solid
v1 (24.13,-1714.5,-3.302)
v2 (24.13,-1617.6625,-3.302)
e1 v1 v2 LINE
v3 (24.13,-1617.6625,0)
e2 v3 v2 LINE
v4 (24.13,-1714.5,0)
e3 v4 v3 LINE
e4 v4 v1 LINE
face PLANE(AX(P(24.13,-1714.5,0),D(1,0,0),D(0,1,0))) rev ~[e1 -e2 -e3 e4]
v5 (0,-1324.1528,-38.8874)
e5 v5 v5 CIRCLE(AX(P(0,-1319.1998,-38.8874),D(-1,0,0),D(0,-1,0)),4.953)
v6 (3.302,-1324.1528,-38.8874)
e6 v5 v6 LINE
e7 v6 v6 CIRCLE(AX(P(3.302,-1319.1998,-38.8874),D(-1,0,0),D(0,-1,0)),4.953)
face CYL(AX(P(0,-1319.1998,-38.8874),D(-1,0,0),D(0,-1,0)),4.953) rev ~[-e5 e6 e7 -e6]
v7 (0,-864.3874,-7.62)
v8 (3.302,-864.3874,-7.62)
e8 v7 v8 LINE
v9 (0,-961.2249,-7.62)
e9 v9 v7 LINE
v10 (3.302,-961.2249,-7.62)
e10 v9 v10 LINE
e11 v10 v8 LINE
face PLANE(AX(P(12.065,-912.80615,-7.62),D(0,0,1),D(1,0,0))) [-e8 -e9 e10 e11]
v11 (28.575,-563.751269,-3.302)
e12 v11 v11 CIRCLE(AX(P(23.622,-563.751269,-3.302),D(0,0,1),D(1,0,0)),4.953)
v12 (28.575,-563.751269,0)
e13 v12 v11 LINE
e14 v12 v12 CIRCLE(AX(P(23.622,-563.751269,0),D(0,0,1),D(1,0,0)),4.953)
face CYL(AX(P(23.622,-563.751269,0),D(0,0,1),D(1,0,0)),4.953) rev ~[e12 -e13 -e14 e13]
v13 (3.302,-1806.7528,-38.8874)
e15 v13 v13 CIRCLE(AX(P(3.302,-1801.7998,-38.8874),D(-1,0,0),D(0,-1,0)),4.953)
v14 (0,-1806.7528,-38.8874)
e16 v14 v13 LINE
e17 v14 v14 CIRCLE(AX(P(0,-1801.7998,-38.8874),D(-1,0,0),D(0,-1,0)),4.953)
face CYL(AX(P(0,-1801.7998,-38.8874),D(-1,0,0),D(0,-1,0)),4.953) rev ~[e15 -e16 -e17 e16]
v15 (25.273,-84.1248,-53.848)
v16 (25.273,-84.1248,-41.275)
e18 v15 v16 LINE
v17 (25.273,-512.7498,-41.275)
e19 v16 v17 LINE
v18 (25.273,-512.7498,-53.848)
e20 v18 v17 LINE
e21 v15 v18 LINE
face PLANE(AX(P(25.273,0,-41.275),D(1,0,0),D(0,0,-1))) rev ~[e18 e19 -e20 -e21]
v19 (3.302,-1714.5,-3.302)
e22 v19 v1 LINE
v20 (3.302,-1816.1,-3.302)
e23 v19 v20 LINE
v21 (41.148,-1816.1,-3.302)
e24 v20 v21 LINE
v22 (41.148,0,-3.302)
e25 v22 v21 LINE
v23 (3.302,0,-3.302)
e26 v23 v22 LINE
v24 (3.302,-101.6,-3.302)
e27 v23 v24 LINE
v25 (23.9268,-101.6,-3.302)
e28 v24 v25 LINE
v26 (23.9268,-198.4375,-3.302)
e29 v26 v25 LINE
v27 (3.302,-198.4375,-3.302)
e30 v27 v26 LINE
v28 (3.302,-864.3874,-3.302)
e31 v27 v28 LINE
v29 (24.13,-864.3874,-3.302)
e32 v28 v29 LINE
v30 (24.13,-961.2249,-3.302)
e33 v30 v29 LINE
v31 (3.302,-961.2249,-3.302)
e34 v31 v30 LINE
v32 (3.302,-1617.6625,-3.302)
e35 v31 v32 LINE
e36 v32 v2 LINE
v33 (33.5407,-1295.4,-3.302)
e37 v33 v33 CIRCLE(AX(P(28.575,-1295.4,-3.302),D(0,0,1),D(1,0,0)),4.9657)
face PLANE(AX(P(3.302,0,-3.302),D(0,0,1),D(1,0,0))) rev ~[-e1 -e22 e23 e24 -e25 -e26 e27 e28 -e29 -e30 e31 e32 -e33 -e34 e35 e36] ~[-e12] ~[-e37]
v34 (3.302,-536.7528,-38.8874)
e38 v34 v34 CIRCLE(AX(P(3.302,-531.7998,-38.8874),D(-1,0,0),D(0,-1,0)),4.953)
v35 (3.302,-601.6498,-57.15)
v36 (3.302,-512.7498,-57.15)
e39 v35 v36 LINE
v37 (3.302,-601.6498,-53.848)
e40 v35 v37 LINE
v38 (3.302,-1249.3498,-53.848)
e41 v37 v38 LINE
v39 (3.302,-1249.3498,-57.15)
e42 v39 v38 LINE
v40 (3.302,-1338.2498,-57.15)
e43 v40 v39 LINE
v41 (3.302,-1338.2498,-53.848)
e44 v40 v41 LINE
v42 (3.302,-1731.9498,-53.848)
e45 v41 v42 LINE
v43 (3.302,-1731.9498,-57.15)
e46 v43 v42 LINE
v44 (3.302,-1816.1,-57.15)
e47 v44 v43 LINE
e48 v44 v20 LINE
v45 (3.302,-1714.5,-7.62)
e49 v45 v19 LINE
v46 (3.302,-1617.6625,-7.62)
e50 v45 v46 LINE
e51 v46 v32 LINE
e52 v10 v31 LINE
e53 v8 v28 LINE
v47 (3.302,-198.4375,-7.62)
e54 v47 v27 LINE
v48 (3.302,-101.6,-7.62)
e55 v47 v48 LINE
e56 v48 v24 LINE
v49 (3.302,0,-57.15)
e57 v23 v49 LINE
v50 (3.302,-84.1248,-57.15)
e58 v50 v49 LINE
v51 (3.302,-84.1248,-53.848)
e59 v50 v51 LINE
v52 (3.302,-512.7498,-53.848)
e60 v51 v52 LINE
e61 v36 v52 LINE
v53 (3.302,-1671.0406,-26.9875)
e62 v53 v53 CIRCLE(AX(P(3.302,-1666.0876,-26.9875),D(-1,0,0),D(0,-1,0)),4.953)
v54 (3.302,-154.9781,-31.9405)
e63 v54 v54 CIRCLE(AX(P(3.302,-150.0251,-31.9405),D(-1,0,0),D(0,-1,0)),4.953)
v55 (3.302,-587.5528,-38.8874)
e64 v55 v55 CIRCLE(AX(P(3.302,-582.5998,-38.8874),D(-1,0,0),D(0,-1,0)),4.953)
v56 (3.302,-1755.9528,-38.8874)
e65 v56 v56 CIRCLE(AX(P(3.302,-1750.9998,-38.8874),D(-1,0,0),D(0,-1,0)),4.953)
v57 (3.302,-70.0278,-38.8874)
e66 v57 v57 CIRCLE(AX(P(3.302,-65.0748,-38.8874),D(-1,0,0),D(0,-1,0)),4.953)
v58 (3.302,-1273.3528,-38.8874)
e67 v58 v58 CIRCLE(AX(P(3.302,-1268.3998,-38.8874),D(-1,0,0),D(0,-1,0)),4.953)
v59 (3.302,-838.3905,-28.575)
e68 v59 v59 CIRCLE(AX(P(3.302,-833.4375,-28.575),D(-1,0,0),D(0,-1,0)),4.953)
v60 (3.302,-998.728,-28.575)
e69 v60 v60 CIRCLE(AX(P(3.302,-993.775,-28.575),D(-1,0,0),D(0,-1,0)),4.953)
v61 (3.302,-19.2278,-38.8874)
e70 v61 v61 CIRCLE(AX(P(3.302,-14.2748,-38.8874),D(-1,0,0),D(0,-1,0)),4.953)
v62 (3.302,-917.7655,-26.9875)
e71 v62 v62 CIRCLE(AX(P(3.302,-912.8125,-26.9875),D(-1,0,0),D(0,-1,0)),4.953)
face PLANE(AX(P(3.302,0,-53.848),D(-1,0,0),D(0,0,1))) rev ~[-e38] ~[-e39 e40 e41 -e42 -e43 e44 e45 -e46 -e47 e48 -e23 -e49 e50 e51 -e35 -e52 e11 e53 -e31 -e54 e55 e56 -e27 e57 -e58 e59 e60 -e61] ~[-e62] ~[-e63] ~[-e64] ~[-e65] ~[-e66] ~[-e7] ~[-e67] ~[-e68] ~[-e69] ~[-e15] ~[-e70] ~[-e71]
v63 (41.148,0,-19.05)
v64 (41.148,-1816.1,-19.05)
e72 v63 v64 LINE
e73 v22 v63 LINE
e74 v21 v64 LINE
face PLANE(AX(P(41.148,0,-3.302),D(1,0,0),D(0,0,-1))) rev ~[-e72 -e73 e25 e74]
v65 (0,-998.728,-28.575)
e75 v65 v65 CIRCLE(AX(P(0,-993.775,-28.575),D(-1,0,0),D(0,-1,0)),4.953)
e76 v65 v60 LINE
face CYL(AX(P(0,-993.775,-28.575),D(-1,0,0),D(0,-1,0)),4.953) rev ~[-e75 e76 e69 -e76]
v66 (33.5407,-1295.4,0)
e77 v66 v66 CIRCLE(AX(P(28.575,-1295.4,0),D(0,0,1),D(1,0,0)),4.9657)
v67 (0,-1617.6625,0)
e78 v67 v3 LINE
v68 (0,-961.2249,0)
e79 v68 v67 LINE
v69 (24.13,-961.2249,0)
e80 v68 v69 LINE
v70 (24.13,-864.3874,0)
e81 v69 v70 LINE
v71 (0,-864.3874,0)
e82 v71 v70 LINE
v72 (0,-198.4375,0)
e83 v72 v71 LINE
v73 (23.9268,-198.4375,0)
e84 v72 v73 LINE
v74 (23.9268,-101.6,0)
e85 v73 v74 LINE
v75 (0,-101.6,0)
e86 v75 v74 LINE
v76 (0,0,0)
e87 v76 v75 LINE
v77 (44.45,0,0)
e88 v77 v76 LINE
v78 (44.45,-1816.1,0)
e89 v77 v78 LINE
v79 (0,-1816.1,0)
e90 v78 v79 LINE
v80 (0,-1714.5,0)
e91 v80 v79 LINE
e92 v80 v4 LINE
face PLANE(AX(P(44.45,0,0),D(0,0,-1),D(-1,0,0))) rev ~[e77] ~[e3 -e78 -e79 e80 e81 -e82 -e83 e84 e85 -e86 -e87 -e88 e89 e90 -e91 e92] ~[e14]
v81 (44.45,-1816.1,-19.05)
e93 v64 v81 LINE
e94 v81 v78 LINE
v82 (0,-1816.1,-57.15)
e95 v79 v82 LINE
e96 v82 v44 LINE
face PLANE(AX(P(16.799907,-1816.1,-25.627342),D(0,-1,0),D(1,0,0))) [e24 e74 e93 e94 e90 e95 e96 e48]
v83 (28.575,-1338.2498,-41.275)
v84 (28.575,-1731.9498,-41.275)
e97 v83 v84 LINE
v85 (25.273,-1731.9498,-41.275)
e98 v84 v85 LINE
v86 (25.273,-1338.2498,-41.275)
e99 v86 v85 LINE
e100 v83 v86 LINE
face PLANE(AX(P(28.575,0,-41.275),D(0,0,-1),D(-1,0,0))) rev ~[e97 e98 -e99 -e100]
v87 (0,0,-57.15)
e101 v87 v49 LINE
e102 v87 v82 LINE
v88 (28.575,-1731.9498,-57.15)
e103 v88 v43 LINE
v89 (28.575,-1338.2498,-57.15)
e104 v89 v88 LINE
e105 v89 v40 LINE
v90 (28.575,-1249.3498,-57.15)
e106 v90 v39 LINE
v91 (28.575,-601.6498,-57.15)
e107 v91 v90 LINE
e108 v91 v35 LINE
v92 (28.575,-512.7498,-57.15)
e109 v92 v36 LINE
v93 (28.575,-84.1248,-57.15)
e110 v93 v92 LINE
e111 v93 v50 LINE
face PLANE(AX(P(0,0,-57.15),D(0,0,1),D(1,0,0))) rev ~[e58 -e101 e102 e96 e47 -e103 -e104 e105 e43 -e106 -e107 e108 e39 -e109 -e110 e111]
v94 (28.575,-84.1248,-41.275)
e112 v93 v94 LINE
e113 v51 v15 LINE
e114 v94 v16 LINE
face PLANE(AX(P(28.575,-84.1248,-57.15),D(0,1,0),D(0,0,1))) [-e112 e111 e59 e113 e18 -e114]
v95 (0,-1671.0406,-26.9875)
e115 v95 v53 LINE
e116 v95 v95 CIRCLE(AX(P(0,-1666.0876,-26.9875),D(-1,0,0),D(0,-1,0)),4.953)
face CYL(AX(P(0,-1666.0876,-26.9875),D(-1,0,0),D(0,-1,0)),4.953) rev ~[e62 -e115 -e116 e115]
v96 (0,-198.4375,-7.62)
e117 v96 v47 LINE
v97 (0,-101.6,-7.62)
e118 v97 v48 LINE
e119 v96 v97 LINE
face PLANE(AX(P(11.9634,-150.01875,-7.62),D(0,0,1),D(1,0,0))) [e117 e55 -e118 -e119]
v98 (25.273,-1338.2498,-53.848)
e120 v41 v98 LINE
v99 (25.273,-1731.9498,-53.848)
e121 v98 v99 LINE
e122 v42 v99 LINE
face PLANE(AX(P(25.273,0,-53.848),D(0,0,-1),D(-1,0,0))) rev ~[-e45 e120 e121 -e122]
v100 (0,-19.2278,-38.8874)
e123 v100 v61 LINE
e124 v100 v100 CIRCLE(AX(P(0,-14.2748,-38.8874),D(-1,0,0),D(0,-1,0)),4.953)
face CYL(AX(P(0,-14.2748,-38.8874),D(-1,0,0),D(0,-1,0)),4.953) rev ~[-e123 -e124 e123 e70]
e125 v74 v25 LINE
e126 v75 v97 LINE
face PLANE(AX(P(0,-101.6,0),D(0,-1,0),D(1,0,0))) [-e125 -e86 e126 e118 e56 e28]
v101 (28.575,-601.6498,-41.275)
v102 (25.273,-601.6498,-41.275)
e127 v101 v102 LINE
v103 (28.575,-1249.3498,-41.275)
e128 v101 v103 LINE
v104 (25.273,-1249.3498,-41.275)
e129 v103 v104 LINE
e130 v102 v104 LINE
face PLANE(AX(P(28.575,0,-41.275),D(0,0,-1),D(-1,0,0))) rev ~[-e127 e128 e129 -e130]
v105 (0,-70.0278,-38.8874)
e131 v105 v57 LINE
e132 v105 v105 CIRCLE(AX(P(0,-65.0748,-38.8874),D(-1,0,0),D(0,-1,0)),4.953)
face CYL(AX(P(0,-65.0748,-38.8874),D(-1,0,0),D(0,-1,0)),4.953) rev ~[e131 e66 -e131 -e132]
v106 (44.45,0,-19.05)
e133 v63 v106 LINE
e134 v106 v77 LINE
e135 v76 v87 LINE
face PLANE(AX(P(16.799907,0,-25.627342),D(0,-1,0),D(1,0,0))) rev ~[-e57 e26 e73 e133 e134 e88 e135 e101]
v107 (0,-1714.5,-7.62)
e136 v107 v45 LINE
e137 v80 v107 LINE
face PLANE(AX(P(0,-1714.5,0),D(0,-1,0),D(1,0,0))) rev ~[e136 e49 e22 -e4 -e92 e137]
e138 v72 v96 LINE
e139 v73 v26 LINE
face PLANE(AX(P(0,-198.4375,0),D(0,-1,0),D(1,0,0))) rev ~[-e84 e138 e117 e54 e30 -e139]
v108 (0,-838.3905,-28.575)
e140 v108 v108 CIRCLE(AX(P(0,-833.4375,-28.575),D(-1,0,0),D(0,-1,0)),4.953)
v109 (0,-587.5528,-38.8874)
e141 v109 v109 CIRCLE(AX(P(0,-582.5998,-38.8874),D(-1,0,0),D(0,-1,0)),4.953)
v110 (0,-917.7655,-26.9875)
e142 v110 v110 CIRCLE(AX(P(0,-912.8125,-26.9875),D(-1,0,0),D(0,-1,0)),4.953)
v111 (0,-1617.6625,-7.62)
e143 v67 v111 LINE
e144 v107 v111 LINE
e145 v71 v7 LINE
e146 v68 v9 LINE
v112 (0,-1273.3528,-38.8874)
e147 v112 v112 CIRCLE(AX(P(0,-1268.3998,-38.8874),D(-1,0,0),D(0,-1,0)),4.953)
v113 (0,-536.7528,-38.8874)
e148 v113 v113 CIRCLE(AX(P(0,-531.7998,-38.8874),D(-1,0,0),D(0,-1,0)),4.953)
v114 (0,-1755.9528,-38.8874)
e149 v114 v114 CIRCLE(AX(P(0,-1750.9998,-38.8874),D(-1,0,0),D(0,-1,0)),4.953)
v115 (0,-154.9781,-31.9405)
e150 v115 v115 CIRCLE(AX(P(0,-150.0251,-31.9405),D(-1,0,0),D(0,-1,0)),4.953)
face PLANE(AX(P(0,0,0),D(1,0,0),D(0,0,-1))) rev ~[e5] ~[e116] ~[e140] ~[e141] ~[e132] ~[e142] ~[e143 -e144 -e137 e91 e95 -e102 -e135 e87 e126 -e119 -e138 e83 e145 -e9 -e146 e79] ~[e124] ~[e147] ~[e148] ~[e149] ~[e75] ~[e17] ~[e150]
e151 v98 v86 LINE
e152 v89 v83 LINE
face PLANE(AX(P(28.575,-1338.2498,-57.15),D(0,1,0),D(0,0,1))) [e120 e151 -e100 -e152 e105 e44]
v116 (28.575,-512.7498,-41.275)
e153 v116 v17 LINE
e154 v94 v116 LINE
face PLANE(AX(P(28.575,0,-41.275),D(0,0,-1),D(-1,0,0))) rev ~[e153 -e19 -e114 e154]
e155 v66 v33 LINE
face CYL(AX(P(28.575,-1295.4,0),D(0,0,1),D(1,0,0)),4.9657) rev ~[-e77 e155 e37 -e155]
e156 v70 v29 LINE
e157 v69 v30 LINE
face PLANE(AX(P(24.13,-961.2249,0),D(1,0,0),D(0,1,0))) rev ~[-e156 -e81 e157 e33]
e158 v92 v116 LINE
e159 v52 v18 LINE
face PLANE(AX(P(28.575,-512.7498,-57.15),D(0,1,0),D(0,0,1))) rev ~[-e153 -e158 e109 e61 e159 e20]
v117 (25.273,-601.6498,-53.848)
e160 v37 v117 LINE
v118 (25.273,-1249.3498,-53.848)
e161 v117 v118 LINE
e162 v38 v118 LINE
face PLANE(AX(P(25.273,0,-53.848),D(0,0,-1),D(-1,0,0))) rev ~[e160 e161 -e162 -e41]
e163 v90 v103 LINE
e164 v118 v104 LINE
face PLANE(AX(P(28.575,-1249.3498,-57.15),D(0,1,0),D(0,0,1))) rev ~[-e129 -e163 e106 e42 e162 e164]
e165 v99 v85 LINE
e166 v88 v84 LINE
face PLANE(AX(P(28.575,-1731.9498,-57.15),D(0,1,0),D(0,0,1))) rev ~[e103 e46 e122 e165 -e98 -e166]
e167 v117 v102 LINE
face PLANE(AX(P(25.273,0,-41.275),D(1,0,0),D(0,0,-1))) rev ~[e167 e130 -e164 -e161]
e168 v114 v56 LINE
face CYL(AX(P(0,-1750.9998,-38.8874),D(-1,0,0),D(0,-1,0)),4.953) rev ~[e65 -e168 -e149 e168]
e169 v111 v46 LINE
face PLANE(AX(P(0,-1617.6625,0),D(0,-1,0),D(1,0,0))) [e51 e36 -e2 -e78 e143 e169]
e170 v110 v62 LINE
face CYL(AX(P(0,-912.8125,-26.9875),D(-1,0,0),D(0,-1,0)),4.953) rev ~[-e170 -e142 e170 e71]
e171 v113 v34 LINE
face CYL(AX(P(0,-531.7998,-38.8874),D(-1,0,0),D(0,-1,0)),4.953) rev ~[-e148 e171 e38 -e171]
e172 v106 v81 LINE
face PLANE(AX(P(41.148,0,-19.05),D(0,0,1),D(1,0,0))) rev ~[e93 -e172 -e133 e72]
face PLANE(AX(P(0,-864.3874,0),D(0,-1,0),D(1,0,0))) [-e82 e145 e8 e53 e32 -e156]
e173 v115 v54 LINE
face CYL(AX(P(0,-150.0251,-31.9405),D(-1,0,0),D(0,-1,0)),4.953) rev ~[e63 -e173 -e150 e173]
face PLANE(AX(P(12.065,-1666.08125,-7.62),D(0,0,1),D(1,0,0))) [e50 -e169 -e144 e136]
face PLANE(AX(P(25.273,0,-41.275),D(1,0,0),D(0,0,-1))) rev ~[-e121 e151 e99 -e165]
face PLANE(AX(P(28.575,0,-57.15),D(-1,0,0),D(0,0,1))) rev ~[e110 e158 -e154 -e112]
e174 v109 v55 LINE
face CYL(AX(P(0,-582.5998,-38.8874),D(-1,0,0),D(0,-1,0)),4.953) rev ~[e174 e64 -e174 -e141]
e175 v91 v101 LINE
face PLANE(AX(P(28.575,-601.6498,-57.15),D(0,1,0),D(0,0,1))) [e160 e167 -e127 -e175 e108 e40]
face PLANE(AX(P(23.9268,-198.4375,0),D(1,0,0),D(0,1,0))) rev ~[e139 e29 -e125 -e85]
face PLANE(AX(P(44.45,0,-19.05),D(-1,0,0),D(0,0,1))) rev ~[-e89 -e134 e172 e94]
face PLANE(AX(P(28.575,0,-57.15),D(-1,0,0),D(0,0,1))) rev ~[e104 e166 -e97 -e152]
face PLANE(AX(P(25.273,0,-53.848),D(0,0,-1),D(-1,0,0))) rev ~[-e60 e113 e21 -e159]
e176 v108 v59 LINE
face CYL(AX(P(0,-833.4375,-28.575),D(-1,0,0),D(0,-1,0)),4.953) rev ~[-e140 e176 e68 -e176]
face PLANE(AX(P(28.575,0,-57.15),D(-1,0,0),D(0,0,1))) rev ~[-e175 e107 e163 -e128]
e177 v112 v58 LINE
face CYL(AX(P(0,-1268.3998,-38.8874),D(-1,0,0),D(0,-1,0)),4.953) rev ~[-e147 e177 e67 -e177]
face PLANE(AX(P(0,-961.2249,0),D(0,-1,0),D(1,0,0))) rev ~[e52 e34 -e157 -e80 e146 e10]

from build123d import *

# Parameters (mm, degrees)
F1_DEPTH  = 1816.1
F2_R      = 4.953
F2_R_2    = 4.9657
F3_DEPTH  = 25.4
F4_R      = 4.953
F5_DEPTH  = 25.4
F6_R      = 4.953
F7_DEPTH  = 25.4
F8_W      = 23.9268
F8_H      = 96.8375
F8_W_2    = 24.13
F9_DEPTH  = 7.62
F10_R     = 4.953
F11_DEPTH = 25.4
F12_W     = 84.1502
F12_H     = 15.875
F12_W_2   = 88.9
F12_W_3   = 84.1248
F13_DEPTH = 25.273


with BuildPart() as f1:
    # F0 (on Front) → F1 (new body)
    with BuildSketch(Plane.XZ):
        Polygon((44.45, 0), (0, 0), (0, -57.15), (28.575, -57.15), (28.575, -41.275), (25.273, -41.275), (25.273, -53.848), (3.302, -53.848), (3.302, -3.302), (41.148, -3.302), (41.148, -19.05), (44.45, -19.05), align=None)
    extrude(amount=F1_DEPTH)

    # F2 (on face) → F3 (cut)
    with BuildSketch(Plane.XY):
        with Locations((23.622, -563.751269)):
            Circle(F2_R)
        with Locations((28.575, -1295.4)):
            Circle(F2_R_2)
    extrude(amount=-F3_DEPTH, mode=Mode.SUBTRACT)

    # F4 (on face) → F5 (cut)
    with BuildSketch(Plane(origin=(0, 0, 0), x_dir=(0, -1, 0), z_dir=(-1, 0, 0))):
        with Locations((14.2748, -38.8874)):
            Circle(F4_R)
        with Locations((65.0748, -38.8874)):
            Circle(F4_R)
        with Locations((531.7998, -38.8874)):
            Circle(F4_R)
        with Locations((582.5998, -38.8874)):
            Circle(F4_R)
        with Locations((1268.3998, -38.8874)):
            Circle(F4_R)
        with Locations((1319.1998, -38.8874)):
            Circle(F4_R)
        with Locations((1750.9998, -38.8874)):
            Circle(F4_R)
        with Locations((1801.7998, -38.8874)):
            Circle(F4_R)
    extrude(amount=-F5_DEPTH, mode=Mode.SUBTRACT)

    # F6 (on face) → F7 (cut)
    with BuildSketch(Plane(origin=(0, 0, 0), x_dir=(0, -1, 0), z_dir=(-1, 0, 0))):
        with Locations((833.4375, -28.575)):
            Circle(F6_R)
        with Locations((993.775, -28.575)):
            Circle(F6_R)
    extrude(amount=-F7_DEPTH, mode=Mode.SUBTRACT)

    # F8 (on face) → F9 (cut)
    with BuildSketch(Plane.XY):
        with Locations((11.9634, -150.01875)):
            Rectangle(F8_W, F8_H)
        with Locations((12.065, -1666.08125)):
            Rectangle(F8_W_2, F8_H)
        with Locations((12.065, -912.80615)):
            Rectangle(F8_W_2, F8_H)
    extrude(amount=-F9_DEPTH, mode=Mode.SUBTRACT)

    # F10 (on face) → F11 (cut)
    with BuildSketch(Plane(origin=(0, 0, 0), x_dir=(0, -1, 0), z_dir=(-1, 0, 0))):
        with Locations((150.0251, -31.9405)):
            Circle(F10_R)
        with Locations((912.8125, -26.9875)):
            Circle(F10_R)
        with Locations((1666.0876, -26.9875)):
            Circle(F10_R)
    extrude(amount=-F11_DEPTH, mode=Mode.SUBTRACT)

    # F12 (on face) → F13 (cut, through all)
    with BuildSketch(Plane.YZ.offset(28.575)):
        with Locations((-1774.0249, -49.2125)):
            Rectangle(F12_W, F12_H)
        with Locations((-1293.7998, -49.2125)):
            Rectangle(F12_W_2, F12_H)
        with Locations((-557.1998, -49.2125)):
            Rectangle(F12_W_2, F12_H)
        with Locations((-42.0624, -49.2125)):
            Rectangle(F12_W_3, F12_H)
    extrude(amount=-F13_DEPTH, mode=Mode.SUBTRACT)


solid = f1.part
